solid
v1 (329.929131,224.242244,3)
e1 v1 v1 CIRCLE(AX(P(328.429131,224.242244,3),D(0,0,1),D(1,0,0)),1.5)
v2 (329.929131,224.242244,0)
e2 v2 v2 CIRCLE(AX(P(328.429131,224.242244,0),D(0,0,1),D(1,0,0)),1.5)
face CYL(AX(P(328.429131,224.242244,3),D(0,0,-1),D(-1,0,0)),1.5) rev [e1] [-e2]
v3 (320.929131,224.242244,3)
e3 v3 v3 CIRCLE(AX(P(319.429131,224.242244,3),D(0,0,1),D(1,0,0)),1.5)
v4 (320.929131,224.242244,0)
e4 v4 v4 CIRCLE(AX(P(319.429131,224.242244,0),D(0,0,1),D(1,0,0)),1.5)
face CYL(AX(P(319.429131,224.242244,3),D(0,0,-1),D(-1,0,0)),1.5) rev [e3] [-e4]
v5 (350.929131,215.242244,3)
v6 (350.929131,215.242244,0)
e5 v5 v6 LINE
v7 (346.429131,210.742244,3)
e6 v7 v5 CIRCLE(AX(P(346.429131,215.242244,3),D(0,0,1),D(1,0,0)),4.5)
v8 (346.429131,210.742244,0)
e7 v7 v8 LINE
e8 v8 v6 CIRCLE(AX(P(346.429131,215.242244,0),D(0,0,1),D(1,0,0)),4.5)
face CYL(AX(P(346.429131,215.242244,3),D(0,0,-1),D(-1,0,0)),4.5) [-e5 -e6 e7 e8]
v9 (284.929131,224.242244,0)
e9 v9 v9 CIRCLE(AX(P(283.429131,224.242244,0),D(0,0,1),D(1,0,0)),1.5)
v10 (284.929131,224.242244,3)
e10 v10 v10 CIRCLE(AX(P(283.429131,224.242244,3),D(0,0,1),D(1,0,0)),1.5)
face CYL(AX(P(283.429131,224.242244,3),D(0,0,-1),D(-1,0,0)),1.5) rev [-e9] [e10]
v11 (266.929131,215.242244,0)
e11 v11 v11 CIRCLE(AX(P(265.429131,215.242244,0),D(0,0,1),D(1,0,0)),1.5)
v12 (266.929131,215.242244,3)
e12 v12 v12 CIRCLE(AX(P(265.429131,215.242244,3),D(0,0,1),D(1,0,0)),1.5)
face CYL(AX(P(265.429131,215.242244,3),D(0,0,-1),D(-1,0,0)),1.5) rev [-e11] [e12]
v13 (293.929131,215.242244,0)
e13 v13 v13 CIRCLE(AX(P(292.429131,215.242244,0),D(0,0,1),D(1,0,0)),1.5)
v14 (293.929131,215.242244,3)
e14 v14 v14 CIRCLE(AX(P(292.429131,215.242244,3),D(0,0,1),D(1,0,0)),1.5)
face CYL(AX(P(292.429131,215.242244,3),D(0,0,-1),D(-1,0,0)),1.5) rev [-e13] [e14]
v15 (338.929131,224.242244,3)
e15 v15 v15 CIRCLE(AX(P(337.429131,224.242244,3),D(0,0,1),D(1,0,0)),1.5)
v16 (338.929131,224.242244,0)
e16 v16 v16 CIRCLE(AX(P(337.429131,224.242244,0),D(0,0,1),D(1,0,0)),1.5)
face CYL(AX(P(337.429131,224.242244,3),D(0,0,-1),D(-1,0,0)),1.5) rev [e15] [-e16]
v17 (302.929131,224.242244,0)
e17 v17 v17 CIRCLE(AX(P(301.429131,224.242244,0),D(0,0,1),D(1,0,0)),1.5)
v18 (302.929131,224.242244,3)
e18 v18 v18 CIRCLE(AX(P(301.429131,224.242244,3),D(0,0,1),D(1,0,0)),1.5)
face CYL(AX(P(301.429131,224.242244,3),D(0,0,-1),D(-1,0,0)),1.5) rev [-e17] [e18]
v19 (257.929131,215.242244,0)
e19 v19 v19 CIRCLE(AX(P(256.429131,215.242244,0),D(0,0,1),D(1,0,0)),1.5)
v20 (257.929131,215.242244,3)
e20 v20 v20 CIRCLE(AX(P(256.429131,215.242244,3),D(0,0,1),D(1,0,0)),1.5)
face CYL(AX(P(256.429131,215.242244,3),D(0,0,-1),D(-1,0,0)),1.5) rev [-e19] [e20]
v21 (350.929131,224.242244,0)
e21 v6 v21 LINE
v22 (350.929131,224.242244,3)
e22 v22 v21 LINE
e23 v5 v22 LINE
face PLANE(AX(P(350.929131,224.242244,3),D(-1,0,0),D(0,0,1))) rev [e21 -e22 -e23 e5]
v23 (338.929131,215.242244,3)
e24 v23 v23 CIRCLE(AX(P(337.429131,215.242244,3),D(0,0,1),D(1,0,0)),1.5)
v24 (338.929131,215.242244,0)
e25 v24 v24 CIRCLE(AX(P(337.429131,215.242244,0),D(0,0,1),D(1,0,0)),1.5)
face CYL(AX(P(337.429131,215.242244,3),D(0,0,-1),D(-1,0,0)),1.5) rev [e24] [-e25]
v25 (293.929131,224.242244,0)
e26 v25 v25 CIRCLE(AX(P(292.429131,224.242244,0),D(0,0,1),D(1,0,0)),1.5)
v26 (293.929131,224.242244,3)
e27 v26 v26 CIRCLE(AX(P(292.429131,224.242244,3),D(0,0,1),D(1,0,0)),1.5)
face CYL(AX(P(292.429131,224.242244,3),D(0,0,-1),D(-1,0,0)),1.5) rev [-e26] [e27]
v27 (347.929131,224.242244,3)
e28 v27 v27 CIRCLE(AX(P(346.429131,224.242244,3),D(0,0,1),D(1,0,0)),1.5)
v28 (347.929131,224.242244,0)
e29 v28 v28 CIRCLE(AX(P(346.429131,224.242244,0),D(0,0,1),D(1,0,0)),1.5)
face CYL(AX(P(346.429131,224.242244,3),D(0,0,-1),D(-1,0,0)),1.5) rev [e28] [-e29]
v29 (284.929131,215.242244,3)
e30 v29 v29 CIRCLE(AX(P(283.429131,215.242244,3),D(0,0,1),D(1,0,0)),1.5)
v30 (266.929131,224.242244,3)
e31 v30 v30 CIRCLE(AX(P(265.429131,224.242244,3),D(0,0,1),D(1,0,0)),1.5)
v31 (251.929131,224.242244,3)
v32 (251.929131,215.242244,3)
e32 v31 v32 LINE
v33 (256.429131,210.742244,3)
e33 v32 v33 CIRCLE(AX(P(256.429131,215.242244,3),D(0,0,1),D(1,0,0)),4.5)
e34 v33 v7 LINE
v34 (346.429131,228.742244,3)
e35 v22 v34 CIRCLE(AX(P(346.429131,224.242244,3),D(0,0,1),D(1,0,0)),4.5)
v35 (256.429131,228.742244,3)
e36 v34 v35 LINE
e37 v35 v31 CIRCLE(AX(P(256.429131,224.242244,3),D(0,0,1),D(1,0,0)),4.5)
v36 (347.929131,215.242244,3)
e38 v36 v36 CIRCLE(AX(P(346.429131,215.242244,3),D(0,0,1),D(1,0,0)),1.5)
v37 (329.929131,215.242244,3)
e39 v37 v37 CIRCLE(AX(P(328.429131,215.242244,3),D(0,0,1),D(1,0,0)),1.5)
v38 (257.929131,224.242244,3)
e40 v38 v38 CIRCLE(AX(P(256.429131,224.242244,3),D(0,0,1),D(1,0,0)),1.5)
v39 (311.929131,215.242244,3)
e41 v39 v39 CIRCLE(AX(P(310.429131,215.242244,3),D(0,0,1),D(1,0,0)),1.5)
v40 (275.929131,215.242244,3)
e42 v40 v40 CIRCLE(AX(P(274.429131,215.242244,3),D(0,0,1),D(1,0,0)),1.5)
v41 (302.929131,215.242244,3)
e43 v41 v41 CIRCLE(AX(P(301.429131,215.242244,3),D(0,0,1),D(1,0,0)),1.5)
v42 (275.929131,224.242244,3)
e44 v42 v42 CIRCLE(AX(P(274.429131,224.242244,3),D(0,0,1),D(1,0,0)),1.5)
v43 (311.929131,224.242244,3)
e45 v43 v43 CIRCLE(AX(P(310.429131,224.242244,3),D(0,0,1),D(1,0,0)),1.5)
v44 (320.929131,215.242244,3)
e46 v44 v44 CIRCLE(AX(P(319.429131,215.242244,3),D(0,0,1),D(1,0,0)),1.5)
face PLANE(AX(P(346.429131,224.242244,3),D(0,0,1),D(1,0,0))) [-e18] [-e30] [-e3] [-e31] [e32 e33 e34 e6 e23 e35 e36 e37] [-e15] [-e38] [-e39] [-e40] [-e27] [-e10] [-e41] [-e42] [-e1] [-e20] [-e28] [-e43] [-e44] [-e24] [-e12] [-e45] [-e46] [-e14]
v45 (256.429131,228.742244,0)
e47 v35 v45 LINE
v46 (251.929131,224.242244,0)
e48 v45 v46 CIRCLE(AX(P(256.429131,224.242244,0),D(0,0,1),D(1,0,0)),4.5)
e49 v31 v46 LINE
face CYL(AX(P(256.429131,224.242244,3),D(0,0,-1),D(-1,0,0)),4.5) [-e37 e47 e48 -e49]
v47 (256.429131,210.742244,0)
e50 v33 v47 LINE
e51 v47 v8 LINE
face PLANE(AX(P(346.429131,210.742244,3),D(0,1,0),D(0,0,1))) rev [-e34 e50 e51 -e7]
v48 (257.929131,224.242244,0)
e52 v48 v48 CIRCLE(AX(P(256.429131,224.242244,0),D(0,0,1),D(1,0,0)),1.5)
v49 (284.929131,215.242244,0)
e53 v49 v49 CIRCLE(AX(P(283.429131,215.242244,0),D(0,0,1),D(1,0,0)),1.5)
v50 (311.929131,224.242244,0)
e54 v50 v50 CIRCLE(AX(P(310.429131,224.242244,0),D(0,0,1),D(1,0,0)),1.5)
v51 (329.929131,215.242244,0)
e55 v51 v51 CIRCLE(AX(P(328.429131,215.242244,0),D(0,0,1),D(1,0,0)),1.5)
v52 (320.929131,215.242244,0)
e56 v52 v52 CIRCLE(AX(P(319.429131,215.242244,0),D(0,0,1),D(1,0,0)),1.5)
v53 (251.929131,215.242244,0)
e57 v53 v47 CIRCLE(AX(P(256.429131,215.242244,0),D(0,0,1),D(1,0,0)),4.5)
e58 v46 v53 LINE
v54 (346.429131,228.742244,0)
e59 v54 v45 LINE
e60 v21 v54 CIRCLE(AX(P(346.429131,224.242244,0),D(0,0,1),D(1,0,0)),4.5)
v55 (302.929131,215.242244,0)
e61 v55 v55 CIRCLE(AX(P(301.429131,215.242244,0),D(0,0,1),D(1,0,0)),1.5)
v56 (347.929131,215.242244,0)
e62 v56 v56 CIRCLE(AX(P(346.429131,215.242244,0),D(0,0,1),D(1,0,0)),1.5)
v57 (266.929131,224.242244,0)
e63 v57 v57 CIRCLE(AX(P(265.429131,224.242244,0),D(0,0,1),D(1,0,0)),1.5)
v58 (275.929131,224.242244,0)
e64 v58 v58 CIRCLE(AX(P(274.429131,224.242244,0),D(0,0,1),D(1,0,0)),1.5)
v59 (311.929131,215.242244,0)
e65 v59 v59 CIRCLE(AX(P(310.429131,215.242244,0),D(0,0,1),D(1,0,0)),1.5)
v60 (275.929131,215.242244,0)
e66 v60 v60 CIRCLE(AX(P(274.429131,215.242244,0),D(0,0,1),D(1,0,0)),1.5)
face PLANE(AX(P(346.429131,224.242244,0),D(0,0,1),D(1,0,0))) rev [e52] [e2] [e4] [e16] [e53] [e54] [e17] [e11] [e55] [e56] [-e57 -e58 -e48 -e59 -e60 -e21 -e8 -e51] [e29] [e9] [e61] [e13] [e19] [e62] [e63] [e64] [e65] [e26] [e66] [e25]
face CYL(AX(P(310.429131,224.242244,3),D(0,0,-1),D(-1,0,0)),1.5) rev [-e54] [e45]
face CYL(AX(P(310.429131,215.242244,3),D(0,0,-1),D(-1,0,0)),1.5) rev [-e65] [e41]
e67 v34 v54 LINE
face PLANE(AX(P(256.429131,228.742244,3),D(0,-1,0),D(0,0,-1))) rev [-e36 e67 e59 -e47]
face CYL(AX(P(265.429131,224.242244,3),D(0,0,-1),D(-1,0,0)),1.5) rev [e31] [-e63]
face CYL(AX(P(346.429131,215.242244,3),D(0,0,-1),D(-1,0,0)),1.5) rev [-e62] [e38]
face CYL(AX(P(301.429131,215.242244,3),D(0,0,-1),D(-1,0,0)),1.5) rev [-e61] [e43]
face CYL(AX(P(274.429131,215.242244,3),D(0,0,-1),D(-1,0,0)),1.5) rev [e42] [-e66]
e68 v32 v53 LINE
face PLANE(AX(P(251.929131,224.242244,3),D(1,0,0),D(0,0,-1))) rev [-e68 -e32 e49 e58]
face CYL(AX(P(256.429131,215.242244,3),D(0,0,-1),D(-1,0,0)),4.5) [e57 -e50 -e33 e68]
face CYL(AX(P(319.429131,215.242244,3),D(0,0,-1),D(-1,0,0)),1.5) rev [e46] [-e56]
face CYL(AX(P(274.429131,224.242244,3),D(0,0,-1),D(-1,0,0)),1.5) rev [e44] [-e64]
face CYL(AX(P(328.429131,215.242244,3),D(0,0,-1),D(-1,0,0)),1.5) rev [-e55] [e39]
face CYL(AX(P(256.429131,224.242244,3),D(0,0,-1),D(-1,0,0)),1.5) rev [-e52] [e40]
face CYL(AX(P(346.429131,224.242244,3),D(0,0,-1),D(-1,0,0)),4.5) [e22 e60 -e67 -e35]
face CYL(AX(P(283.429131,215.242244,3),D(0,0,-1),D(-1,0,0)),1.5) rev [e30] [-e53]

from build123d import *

# Parameters (mm, degrees)
MODEL_R                 = 1.5
SALIENTE_EXTRUIR1_DEPTH = 3


with BuildPart() as part:
    # Model → Saliente-Extruir1 (new body)
    with BuildSketch(Plane.XY):
        with BuildLine():
            Line((256.429131311, 228.742243614), (346.429131311, 228.742243614))
            ThreePointArc((346.429131311, 228.742243614), (349.611111826, 227.424224129), (350.929131311, 224.242243614))
            Line((350.929131311, 224.242243614), (350.929131311, 215.242243614))
            ThreePointArc((350.929131311, 215.242243614), (349.611111826, 212.060263099), (346.429131311, 210.742243614))
            Line((346.429131311, 210.742243614), (256.429131311, 210.742243614))
            ThreePointArc((256.429131311, 210.742243614), (253.247150795, 212.060263099), (251.929131311, 215.242243614))
            Line((251.929131311, 215.242243614), (251.929131311, 224.242243614))
            ThreePointArc((251.929131311, 224.242243614), (253.247150795, 227.424224129), (256.429131311, 228.742243614))
        make_face()
        with Locations((310.429131311, 224.242243614)):
            Circle(MODEL_R, mode=Mode.SUBTRACT)
        with Locations((292.429131311, 224.242243614)):
            Circle(MODEL_R, mode=Mode.SUBTRACT)
        with Locations((301.429131311, 224.242243614)):
            Circle(MODEL_R, mode=Mode.SUBTRACT)
        with Locations((337.429131311, 215.242243614)):
            Circle(MODEL_R, mode=Mode.SUBTRACT)
        with Locations((319.429131311, 215.242243614)):
            Circle(MODEL_R, mode=Mode.SUBTRACT)
        with Locations((328.429131311, 215.242243614)):
            Circle(MODEL_R, mode=Mode.SUBTRACT)
        with Locations((310.429131311, 215.242243614)):
            Circle(MODEL_R, mode=Mode.SUBTRACT)
        with Locations((292.429131311, 215.242243614)):
            Circle(MODEL_R, mode=Mode.SUBTRACT)
        with Locations((301.429131311, 215.242243614)):
            Circle(MODEL_R, mode=Mode.SUBTRACT)
        with Locations((274.429131311, 215.242243614)):
            Circle(MODEL_R, mode=Mode.SUBTRACT)
        with Locations((283.429131311, 215.242243614)):
            Circle(MODEL_R, mode=Mode.SUBTRACT)
        with Locations((265.429131311, 215.242243614)):
            Circle(MODEL_R, mode=Mode.SUBTRACT)
        with Locations((256.429131311, 215.242243614)):
            Circle(MODEL_R, mode=Mode.SUBTRACT)
        with Locations((346.429131311, 215.242243614)):
            Circle(MODEL_R, mode=Mode.SUBTRACT)
        with Locations((274.429131311, 224.242243614)):
            Circle(MODEL_R, mode=Mode.SUBTRACT)
        with Locations((265.429131311, 224.242243614)):
            Circle(MODEL_R, mode=Mode.SUBTRACT)
        with Locations((256.429131311, 224.242243614)):
            Circle(MODEL_R, mode=Mode.SUBTRACT)
        with Locations((283.429131311, 224.242243614)):
            Circle(MODEL_R, mode=Mode.SUBTRACT)
        with Locations((337.429131311, 224.242243614)):
            Circle(MODEL_R, mode=Mode.SUBTRACT)
        with Locations((319.429131311, 224.242243614)):
            Circle(MODEL_R, mode=Mode.SUBTRACT)
        with Locations((328.429131311, 224.242243614)):
            Circle(MODEL_R, mode=Mode.SUBTRACT)
        with Locations((346.429131311, 224.242243614)):
            Circle(MODEL_R, mode=Mode.SUBTRACT)
    extrude(amount=SALIENTE_EXTRUIR1_DEPTH)


solid = part.part
